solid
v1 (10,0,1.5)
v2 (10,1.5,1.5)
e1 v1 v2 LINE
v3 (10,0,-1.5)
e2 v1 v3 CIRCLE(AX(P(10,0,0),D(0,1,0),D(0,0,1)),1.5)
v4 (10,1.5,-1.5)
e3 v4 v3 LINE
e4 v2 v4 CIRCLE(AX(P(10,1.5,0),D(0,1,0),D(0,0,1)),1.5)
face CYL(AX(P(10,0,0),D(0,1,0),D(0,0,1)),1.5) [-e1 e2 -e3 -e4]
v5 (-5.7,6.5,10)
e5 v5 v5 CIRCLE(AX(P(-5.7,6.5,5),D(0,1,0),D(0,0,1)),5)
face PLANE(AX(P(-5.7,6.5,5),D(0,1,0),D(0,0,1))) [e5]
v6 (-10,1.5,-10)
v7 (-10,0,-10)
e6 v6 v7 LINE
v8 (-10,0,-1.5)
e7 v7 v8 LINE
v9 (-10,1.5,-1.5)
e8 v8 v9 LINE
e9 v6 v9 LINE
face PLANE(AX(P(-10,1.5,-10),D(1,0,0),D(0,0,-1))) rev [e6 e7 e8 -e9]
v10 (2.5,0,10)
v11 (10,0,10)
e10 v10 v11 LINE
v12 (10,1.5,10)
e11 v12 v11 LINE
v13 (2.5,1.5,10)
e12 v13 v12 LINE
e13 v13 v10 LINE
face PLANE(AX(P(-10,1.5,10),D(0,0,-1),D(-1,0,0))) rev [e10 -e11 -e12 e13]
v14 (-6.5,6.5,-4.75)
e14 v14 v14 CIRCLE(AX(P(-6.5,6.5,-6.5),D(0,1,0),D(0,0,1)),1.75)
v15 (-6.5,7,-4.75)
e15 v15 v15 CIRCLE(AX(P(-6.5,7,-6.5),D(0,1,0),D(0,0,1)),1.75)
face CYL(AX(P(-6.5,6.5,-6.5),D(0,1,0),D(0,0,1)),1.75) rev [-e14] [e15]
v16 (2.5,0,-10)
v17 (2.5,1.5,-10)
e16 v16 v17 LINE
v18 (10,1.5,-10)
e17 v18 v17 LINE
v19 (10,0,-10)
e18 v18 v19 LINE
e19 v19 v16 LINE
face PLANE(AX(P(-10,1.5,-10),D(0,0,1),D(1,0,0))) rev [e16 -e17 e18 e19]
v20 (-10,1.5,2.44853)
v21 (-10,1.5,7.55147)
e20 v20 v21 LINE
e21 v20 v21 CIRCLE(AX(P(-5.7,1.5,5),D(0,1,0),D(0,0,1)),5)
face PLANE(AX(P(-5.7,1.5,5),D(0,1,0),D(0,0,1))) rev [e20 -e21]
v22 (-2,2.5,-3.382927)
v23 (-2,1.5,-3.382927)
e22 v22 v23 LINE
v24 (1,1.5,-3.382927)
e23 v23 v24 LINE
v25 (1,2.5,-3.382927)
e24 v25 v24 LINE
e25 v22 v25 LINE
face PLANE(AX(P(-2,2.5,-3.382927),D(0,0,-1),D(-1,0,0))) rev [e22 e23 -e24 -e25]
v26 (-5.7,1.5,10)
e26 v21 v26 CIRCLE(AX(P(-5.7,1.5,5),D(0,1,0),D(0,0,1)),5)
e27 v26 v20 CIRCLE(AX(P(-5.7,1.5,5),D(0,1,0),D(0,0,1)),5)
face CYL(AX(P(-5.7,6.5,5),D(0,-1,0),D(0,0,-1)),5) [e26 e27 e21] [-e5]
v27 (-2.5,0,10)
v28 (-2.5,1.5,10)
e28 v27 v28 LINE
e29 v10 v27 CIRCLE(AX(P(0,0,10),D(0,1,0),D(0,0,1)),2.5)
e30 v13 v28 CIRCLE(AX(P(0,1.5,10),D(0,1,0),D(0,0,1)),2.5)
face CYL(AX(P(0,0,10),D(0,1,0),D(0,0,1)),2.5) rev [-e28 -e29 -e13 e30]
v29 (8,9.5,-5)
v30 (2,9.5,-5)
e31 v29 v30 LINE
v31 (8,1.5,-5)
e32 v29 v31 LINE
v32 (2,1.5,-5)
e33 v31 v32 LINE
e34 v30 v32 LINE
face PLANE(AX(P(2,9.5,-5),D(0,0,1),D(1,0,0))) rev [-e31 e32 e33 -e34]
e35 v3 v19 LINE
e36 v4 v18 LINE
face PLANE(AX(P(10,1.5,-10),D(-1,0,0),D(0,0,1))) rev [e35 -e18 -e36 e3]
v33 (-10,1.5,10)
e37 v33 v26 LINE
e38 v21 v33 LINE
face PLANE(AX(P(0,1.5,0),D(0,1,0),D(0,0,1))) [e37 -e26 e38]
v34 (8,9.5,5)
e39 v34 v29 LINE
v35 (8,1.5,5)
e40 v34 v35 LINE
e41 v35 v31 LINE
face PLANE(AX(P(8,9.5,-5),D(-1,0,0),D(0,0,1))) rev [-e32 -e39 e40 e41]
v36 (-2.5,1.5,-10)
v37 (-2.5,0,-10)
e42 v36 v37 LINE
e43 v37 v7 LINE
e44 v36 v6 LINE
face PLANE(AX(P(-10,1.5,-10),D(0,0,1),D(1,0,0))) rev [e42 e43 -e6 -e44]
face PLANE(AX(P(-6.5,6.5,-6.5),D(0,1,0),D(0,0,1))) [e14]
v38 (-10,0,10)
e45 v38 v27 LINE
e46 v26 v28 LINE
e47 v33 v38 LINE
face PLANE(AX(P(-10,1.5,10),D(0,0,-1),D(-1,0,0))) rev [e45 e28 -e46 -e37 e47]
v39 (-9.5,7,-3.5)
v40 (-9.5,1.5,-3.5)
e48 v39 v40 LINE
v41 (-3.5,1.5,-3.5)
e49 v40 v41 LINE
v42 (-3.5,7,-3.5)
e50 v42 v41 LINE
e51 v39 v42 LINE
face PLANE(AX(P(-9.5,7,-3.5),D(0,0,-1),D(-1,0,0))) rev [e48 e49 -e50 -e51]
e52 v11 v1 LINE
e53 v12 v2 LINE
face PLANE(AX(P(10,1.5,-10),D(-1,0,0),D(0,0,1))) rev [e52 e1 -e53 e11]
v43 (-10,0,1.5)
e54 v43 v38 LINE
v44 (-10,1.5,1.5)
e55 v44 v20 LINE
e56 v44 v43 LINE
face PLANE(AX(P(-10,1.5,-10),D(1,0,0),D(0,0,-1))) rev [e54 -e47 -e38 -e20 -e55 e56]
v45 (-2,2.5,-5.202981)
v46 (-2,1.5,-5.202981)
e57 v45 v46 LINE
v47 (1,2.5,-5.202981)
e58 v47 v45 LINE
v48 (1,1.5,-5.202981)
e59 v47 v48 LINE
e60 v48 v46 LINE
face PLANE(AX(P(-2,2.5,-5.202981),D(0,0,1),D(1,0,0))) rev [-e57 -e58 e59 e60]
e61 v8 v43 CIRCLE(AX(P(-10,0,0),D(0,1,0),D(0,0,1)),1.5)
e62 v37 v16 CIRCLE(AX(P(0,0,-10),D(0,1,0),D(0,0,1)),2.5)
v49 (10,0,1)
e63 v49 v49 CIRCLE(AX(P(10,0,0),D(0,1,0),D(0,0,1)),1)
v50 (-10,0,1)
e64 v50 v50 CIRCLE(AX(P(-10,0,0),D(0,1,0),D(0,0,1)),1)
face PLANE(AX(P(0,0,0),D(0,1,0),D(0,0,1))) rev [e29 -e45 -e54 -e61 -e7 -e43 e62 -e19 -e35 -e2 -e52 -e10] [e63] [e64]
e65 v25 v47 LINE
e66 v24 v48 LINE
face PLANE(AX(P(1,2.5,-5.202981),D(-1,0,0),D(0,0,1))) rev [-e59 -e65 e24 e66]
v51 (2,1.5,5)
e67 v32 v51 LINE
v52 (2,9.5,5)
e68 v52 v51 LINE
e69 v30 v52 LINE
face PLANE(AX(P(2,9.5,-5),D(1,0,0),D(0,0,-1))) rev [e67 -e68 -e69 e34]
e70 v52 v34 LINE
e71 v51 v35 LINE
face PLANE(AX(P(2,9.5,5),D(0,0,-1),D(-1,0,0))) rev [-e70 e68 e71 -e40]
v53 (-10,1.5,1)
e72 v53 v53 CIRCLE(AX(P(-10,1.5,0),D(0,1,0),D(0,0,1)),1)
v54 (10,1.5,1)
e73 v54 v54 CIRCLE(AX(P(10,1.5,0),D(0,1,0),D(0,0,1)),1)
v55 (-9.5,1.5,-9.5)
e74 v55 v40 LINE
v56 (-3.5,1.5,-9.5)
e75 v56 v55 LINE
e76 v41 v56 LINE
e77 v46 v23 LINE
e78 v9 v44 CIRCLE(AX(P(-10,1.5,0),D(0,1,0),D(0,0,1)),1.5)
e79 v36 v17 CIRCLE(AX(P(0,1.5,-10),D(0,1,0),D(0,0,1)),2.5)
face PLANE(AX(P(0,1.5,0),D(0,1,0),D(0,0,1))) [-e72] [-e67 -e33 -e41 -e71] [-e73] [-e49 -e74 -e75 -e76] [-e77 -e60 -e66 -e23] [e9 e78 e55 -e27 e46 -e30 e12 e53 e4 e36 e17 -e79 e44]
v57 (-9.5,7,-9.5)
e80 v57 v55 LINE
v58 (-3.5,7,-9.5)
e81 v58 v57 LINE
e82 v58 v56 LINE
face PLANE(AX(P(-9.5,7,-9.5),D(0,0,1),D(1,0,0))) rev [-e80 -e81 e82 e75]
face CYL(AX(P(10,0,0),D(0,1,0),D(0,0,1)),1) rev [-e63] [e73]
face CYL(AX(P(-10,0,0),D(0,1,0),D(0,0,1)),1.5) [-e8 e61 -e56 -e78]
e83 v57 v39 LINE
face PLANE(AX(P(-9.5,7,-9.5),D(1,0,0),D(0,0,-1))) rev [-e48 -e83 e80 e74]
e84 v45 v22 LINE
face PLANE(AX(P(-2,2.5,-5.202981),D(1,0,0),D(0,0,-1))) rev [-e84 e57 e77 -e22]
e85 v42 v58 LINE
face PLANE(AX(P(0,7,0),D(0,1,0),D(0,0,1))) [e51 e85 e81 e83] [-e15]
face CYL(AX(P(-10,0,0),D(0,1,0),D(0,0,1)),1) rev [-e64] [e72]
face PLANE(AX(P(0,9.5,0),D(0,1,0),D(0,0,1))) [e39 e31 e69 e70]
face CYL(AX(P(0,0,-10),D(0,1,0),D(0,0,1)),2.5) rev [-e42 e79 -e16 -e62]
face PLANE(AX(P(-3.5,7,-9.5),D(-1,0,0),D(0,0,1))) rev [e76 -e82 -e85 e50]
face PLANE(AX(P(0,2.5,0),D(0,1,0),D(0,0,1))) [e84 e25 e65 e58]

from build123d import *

# Parameters (mm, degrees)
SKETCH1_W           = 20
SKETCH1_H           = 20
BOSS_EXTRUDE1_DEPTH = 1.5
SKETCH2_R           = 1.5
BOSS_EXTRUDE2_DEPTH = 1.5
SKETCH3_R           = 1
SKETCH3_R_2         = 2.5
CUT_EXTRUDE1_DEPTH  = 1.5
SKETCH4_R           = 5
BOSS_EXTRUDE3_DEPTH = 5
SKETCH5_W           = 6
SKETCH5_H           = 6
BOSS_EXTRUDE4_DEPTH = 5.5
SKETCH6_W           = 6
SKETCH6_H           = 10
BOSS_EXTRUDE5_DEPTH = 8
SKETCH7_W           = 3
SKETCH7_H           = 1.820054299
BOSS_EXTRUDE6_DEPTH = 1
SKETCH8_R           = 1.75
CUT_EXTRUDE2_DEPTH  = 0.5


with BuildPart() as part:
    # Sketch1 → Boss-Extrude1 (new body)
    with BuildSketch(Plane(origin=(0, 0, 0), x_dir=(1, 0, 0), z_dir=(0, 1, 0))):
        Rectangle(SKETCH1_W, SKETCH1_H)
    extrude(amount=BOSS_EXTRUDE1_DEPTH)

    # Sketch2 → Boss-Extrude2 (add)
    with BuildSketch(Plane(origin=(0, 1.5, 0), x_dir=(1, 0, 0), z_dir=(0, 1, 0))):
        with Locations((-10, 0)):
            Circle(SKETCH2_R)
        with Locations((10, 0)):
            Circle(SKETCH2_R)
    extrude(amount=-BOSS_EXTRUDE2_DEPTH)

    # Sketch3 → Cut-Extrude1 (cut)
    with BuildSketch(Plane(origin=(0, 1.5, 0), x_dir=(1, 0, 0), z_dir=(0, 1, 0))):
        with Locations((-10, 0)):
            Circle(SKETCH3_R)
        with Locations((10, 0)):
            Circle(SKETCH3_R)
        with Locations((0, 10)):
            Circle(SKETCH3_R_2)
        with Locations((0, -10)):
            Circle(SKETCH3_R_2)
    extrude(amount=-CUT_EXTRUDE1_DEPTH, mode=Mode.SUBTRACT)

    # Sketch4 → Boss-Extrude3 (add)
    with BuildSketch(Plane(origin=(0, 1.5, 0), x_dir=(1, 0, 0), z_dir=(0, 1, 0))):
        with Locations((-5.7, -5)):
            Circle(SKETCH4_R)
    extrude(amount=BOSS_EXTRUDE3_DEPTH)

    # Sketch5 → Boss-Extrude4 (add)
    with BuildSketch(Plane(origin=(0, 1.5, 0), x_dir=(1, 0, 0), z_dir=(0, 1, 0))):
        with Locations((-6.5, 6.5)):
            Rectangle(SKETCH5_W, SKETCH5_H)
    extrude(amount=BOSS_EXTRUDE4_DEPTH)

    # Sketch6 → Boss-Extrude5 (add)
    with BuildSketch(Plane(origin=(0, 1.5, 0), x_dir=(1, 0, 0), z_dir=(0, 1, 0))):
        with Locations((5, 0)):
            Rectangle(SKETCH6_W, SKETCH6_H)
    extrude(amount=BOSS_EXTRUDE5_DEPTH)

    # Sketch7 → Boss-Extrude6 (add)
    with BuildSketch(Plane(origin=(0, 1.5, 0), x_dir=(1, 0, 0), z_dir=(0, 1, 0))):
        with Locations((-0.5, 4.292954161)):
            Rectangle(SKETCH7_W, SKETCH7_H)
    extrude(amount=BOSS_EXTRUDE6_DEPTH)

    # Sketch8 → Cut-Extrude2 (cut)
    with BuildSketch(Plane(origin=(0, 7, 0), x_dir=(1, 0, 0), z_dir=(0, 1, 0))):
        with Locations((-6.5, 6.5)):
            Circle(SKETCH8_R)
    extrude(amount=-CUT_EXTRUDE2_DEPTH, mode=Mode.SUBTRACT)


solid = part.part
